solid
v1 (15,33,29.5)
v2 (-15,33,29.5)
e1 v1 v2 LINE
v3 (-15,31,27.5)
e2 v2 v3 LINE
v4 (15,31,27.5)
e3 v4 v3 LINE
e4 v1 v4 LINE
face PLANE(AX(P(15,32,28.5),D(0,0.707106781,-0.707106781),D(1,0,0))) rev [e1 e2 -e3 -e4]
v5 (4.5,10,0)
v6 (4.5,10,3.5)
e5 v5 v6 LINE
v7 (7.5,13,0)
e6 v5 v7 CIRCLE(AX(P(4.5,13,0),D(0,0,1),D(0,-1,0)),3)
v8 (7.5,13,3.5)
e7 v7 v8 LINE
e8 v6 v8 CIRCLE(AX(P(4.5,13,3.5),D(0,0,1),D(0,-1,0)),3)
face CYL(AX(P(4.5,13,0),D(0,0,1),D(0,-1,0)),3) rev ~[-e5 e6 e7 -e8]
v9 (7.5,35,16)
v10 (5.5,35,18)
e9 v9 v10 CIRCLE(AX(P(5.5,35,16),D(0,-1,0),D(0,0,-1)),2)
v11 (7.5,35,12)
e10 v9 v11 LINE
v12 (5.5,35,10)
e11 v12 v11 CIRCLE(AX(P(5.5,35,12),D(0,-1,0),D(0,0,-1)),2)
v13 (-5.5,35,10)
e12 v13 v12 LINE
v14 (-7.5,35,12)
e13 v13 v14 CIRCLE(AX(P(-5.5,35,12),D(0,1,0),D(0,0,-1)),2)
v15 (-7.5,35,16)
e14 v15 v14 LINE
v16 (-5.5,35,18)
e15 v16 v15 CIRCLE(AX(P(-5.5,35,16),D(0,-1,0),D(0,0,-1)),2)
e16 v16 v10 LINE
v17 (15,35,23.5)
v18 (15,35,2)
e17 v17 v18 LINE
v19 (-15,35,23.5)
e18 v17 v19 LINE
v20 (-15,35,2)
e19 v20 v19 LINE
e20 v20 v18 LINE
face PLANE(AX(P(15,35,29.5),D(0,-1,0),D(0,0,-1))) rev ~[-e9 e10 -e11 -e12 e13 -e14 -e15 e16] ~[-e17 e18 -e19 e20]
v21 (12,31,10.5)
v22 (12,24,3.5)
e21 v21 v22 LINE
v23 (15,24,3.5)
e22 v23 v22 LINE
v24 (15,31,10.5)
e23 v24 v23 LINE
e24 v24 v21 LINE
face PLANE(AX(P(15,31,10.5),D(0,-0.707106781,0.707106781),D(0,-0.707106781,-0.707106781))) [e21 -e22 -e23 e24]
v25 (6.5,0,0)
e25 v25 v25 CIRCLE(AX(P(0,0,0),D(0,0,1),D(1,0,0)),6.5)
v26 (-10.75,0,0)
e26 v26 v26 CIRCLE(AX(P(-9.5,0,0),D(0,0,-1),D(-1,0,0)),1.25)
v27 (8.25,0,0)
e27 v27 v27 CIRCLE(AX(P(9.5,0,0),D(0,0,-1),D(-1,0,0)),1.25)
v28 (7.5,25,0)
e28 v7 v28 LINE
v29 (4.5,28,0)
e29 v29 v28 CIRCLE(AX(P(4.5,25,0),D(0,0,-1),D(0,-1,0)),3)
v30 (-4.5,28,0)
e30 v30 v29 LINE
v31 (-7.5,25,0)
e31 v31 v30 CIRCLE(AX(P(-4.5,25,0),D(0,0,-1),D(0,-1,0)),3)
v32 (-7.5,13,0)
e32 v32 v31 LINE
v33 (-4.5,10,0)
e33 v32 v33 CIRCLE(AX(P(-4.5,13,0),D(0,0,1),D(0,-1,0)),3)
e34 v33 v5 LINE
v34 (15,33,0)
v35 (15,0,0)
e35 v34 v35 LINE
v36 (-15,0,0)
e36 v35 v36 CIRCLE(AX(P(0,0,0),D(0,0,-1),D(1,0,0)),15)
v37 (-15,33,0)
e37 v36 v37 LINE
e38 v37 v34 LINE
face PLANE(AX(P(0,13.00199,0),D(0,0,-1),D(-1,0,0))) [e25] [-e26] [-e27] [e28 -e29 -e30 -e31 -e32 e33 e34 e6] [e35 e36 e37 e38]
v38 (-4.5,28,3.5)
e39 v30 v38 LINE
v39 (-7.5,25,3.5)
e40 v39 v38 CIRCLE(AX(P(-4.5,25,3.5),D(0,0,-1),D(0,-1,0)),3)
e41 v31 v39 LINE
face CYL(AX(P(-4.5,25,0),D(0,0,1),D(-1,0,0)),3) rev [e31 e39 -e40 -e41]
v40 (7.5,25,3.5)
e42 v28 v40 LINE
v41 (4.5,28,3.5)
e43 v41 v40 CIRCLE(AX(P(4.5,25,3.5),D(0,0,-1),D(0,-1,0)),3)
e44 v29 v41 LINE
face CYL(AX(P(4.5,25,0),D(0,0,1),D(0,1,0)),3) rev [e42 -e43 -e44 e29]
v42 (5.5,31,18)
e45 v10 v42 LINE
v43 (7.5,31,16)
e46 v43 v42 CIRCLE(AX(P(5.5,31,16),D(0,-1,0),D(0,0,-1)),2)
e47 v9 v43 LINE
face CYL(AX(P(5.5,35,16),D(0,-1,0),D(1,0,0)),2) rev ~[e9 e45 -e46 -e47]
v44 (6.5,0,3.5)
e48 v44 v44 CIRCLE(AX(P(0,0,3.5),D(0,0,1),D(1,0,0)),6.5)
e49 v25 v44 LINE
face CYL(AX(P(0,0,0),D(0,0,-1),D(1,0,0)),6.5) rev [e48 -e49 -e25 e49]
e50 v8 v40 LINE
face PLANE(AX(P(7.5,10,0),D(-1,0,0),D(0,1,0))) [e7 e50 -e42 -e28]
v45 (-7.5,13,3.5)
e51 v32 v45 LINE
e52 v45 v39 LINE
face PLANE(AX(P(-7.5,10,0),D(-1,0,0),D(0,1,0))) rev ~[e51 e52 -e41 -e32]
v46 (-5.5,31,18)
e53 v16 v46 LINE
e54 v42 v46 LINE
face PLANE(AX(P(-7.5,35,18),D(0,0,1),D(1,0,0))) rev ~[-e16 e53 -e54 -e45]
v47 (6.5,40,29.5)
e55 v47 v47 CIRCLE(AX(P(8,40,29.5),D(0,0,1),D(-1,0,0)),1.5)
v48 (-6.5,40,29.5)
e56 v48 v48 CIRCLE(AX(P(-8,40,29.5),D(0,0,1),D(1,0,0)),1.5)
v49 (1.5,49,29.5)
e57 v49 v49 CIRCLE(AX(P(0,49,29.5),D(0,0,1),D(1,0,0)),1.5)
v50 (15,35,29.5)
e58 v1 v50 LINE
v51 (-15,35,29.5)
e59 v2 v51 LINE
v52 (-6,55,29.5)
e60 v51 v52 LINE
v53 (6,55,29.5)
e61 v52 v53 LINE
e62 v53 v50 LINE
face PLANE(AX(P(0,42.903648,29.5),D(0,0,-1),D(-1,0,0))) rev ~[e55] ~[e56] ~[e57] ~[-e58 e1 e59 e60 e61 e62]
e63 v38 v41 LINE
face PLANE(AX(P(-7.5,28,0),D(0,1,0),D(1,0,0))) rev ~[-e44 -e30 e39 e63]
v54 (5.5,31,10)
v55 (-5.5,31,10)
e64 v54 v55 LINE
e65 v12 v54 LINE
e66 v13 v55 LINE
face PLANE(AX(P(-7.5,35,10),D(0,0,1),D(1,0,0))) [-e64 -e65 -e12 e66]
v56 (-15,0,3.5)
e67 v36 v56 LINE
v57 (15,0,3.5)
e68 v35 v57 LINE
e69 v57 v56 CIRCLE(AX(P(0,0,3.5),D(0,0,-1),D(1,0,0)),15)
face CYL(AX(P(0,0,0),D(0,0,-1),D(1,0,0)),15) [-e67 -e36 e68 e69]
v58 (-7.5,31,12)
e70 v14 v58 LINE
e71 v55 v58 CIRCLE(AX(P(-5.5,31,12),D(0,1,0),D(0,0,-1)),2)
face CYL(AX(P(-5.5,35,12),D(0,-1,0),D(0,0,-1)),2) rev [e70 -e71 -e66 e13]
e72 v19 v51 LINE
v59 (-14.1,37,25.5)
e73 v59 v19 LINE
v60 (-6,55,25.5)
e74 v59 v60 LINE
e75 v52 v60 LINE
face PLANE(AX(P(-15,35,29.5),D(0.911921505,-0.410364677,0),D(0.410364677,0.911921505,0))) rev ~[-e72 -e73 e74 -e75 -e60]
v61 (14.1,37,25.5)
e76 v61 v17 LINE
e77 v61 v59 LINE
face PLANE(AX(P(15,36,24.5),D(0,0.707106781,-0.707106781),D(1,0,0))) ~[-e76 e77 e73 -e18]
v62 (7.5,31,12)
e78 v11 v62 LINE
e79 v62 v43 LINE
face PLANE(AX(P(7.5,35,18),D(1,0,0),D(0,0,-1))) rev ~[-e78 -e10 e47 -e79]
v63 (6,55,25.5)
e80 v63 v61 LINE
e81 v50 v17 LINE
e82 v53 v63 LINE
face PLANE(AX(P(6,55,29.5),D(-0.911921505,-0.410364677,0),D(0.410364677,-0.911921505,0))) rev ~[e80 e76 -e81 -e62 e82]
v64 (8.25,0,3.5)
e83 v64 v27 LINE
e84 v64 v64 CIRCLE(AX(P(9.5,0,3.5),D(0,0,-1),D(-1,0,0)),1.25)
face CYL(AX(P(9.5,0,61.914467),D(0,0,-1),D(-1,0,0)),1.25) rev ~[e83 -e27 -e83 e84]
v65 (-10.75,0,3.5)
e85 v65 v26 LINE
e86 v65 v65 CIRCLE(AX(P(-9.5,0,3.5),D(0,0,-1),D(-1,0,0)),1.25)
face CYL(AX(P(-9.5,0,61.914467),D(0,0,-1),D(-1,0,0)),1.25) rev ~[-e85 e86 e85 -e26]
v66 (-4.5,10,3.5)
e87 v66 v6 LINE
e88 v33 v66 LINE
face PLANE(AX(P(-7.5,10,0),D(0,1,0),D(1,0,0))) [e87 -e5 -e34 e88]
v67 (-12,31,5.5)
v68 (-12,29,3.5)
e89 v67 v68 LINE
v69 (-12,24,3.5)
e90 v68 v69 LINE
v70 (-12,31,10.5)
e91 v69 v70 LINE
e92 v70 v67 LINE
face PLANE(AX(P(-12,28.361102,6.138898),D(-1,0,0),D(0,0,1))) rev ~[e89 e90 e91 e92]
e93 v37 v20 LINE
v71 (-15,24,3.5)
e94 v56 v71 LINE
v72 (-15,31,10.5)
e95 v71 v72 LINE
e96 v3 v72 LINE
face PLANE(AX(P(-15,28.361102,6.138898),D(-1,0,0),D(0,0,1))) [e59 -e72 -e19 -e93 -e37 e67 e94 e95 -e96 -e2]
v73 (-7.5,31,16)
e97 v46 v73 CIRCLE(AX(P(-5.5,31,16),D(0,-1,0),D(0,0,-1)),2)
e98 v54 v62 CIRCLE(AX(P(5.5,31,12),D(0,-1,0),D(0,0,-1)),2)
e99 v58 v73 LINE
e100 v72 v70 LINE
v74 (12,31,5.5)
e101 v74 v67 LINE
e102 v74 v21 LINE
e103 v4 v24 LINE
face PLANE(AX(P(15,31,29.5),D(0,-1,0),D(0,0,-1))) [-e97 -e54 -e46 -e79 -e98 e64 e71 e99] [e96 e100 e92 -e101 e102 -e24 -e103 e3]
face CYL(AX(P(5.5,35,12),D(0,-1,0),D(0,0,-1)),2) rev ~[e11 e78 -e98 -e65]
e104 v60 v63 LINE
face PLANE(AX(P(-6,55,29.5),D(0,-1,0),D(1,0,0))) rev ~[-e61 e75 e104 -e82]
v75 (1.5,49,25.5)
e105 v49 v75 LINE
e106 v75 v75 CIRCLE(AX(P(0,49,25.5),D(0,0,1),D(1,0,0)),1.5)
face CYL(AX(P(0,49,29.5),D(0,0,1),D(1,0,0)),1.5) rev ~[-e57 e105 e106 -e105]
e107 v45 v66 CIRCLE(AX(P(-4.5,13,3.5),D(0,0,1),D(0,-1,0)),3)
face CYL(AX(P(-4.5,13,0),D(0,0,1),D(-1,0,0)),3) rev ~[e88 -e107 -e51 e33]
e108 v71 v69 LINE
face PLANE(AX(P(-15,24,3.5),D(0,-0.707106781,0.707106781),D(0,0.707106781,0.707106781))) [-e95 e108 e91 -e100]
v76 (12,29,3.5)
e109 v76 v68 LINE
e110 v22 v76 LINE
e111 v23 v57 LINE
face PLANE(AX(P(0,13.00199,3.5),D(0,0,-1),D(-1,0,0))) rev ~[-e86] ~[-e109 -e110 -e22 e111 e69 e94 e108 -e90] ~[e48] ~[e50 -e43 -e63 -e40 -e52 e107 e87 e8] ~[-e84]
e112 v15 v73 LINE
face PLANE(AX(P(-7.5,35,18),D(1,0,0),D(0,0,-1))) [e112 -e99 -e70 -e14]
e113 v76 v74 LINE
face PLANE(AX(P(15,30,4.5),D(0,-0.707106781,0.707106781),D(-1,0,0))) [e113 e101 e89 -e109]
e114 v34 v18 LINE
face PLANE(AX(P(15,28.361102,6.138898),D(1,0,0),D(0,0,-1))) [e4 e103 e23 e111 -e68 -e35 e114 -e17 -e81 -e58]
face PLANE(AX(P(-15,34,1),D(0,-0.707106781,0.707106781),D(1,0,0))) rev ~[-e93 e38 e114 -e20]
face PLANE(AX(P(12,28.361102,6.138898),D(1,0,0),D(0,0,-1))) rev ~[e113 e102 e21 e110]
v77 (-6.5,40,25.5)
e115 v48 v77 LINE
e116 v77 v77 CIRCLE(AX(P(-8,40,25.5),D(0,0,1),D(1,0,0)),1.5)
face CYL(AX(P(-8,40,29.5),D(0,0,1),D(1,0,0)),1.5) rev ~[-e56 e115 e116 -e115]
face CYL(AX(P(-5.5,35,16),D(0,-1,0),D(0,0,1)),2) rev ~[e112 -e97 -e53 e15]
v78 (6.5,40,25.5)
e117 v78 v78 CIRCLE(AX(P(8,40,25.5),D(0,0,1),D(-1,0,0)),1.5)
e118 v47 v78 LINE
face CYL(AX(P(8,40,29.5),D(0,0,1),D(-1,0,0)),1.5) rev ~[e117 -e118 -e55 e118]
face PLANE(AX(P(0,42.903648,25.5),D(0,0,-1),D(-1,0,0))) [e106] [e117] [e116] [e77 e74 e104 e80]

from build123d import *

# Parameters (mm, degrees)
SKETCH_1_R          = 6.5
SKETCH_1_W          = 15
SKETCH_1_H          = 18
EXTRUDE_1_DEPTH     = 3.5
HOLE_WIZARD_M3_1_D  = 2.5
FILLET_1_R          = 3
SKETCH_2_W          = 26
SKETCH_2_H          = 4
EXTRUDE_2_DEPTH     = 30
SKETCH_4_R          = 1.5
EXTRUDE_3_DEPTH     = 4
CHAMFER_1_SIZE      = 2
SKETCH_5_W          = 15
SKETCH_5_H          = 8
CUT_EXTRUDE_1_DEPTH = 10
FILLET_2_R          = 2
EXTRUDE_4_DEPTH     = 3
EXTRUDE_5_DEPTH     = 3


with BuildPart() as part:
    # 草图1 → 凸台-拉伸1 (new body)
    with BuildSketch(Plane.XY):
        with BuildLine():
            Line((-15, 35), (15, 35))
            Line((15, 35), (15, 0))
            ThreePointArc((15, 0), (0, -15), (-15, 0))
            Line((-15, 0), (-15, 35))
        make_face()
        Circle(SKETCH_1_R, mode=Mode.SUBTRACT)
        with Locations((0, 19)):
            Rectangle(SKETCH_1_W, SKETCH_1_H, mode=Mode.SUBTRACT)
    extrude(amount=EXTRUDE_1_DEPTH)

    # M3 螺纹孔1 (through all)
    with Locations(Plane.XY.offset(3.5)):
        with Locations((9.5, 0), (-9.5, 0)):
            Hole(HOLE_WIZARD_M3_1_D / 2)

    # 圆角1
    fillet_1_edges = [part.edges().sort_by_distance(p)[0] for p in [
        (-7.5, 10, 1.75),
        (7.5, 10, 1.75),
        (7.5, 28, 1.75),
        (-7.5, 28, 1.75),
    ]]
    fillet(fillet_1_edges, radius=FILLET_1_R)

    # 草图2 → 凸台-拉伸2 (add, through all)
    with BuildSketch(Plane(origin=(15, 0, 0), x_dir=(0, 0, -1), z_dir=(1, 0, 0))):
        with Locations((-16.5, 33)):
            Rectangle(SKETCH_2_W, SKETCH_2_H)
    extrude(amount=-EXTRUDE_2_DEPTH)

    # 草图4 → 凸台-拉伸3 (add)
    with BuildSketch(Plane.XY.offset(29.5)):
        Polygon((-15, 35), (-6, 55), (6, 55), (15, 35), align=None)
        with Locations((0, 49)):
            Circle(SKETCH_4_R, mode=Mode.SUBTRACT)
        with Locations((-8, 40)):
            Circle(SKETCH_4_R, mode=Mode.SUBTRACT)
        with Locations(Location((8, 40, 0), (0, 0, 180))):
            Circle(SKETCH_4_R, mode=Mode.SUBTRACT)
    extrude(amount=-EXTRUDE_3_DEPTH)

    # 倒角1
    chamfer_1_edges = [part.edges().sort_by_distance(p)[0] for p in [
        (0, 35, 0),
        (0, 31, 3.5),
        (0, 31, 29.5),
        (0, 35, 25.5),
    ]]
    chamfer(chamfer_1_edges, length=CHAMFER_1_SIZE)

    # 草图5 → 切除-拉伸1 (cut)
    with BuildSketch(Plane(origin=(0, 35, 0), x_dir=(1, 0, 0), z_dir=(0, 1, 0))):
        with Locations((0, -14)):
            Rectangle(SKETCH_5_W, SKETCH_5_H)
    extrude(amount=-CUT_EXTRUDE_1_DEPTH, mode=Mode.SUBTRACT)

    # 圆角2
    fillet_2_edges = [part.edges().sort_by_distance(p)[0] for p in [
        (-7.5, 33, 18),
        (-7.5, 33, 10),
        (7.5, 33, 10),
        (7.5, 33, 18),
    ]]
    fillet(fillet_2_edges, radius=FILLET_2_R)

    # 草图6 → 凸台-拉伸4 (add)
    with BuildSketch(Plane.ZY.offset(15)):
        Polygon((3.5, 24), (10.5, 31), (5.5, 31), (3.5, 29), align=None)
    extrude(amount=-EXTRUDE_4_DEPTH)

    # 草图7 → 凸台-拉伸5 (add)
    with BuildSketch(Plane(origin=(15, 0, 0), x_dir=(0, 0, -1), z_dir=(1, 0, 0))):
        Polygon((-3.5, 24), (-3.5, 29), (-5.5, 31), (-10.5, 31), align=None)
    extrude(amount=-EXTRUDE_5_DEPTH)


solid = part.part
